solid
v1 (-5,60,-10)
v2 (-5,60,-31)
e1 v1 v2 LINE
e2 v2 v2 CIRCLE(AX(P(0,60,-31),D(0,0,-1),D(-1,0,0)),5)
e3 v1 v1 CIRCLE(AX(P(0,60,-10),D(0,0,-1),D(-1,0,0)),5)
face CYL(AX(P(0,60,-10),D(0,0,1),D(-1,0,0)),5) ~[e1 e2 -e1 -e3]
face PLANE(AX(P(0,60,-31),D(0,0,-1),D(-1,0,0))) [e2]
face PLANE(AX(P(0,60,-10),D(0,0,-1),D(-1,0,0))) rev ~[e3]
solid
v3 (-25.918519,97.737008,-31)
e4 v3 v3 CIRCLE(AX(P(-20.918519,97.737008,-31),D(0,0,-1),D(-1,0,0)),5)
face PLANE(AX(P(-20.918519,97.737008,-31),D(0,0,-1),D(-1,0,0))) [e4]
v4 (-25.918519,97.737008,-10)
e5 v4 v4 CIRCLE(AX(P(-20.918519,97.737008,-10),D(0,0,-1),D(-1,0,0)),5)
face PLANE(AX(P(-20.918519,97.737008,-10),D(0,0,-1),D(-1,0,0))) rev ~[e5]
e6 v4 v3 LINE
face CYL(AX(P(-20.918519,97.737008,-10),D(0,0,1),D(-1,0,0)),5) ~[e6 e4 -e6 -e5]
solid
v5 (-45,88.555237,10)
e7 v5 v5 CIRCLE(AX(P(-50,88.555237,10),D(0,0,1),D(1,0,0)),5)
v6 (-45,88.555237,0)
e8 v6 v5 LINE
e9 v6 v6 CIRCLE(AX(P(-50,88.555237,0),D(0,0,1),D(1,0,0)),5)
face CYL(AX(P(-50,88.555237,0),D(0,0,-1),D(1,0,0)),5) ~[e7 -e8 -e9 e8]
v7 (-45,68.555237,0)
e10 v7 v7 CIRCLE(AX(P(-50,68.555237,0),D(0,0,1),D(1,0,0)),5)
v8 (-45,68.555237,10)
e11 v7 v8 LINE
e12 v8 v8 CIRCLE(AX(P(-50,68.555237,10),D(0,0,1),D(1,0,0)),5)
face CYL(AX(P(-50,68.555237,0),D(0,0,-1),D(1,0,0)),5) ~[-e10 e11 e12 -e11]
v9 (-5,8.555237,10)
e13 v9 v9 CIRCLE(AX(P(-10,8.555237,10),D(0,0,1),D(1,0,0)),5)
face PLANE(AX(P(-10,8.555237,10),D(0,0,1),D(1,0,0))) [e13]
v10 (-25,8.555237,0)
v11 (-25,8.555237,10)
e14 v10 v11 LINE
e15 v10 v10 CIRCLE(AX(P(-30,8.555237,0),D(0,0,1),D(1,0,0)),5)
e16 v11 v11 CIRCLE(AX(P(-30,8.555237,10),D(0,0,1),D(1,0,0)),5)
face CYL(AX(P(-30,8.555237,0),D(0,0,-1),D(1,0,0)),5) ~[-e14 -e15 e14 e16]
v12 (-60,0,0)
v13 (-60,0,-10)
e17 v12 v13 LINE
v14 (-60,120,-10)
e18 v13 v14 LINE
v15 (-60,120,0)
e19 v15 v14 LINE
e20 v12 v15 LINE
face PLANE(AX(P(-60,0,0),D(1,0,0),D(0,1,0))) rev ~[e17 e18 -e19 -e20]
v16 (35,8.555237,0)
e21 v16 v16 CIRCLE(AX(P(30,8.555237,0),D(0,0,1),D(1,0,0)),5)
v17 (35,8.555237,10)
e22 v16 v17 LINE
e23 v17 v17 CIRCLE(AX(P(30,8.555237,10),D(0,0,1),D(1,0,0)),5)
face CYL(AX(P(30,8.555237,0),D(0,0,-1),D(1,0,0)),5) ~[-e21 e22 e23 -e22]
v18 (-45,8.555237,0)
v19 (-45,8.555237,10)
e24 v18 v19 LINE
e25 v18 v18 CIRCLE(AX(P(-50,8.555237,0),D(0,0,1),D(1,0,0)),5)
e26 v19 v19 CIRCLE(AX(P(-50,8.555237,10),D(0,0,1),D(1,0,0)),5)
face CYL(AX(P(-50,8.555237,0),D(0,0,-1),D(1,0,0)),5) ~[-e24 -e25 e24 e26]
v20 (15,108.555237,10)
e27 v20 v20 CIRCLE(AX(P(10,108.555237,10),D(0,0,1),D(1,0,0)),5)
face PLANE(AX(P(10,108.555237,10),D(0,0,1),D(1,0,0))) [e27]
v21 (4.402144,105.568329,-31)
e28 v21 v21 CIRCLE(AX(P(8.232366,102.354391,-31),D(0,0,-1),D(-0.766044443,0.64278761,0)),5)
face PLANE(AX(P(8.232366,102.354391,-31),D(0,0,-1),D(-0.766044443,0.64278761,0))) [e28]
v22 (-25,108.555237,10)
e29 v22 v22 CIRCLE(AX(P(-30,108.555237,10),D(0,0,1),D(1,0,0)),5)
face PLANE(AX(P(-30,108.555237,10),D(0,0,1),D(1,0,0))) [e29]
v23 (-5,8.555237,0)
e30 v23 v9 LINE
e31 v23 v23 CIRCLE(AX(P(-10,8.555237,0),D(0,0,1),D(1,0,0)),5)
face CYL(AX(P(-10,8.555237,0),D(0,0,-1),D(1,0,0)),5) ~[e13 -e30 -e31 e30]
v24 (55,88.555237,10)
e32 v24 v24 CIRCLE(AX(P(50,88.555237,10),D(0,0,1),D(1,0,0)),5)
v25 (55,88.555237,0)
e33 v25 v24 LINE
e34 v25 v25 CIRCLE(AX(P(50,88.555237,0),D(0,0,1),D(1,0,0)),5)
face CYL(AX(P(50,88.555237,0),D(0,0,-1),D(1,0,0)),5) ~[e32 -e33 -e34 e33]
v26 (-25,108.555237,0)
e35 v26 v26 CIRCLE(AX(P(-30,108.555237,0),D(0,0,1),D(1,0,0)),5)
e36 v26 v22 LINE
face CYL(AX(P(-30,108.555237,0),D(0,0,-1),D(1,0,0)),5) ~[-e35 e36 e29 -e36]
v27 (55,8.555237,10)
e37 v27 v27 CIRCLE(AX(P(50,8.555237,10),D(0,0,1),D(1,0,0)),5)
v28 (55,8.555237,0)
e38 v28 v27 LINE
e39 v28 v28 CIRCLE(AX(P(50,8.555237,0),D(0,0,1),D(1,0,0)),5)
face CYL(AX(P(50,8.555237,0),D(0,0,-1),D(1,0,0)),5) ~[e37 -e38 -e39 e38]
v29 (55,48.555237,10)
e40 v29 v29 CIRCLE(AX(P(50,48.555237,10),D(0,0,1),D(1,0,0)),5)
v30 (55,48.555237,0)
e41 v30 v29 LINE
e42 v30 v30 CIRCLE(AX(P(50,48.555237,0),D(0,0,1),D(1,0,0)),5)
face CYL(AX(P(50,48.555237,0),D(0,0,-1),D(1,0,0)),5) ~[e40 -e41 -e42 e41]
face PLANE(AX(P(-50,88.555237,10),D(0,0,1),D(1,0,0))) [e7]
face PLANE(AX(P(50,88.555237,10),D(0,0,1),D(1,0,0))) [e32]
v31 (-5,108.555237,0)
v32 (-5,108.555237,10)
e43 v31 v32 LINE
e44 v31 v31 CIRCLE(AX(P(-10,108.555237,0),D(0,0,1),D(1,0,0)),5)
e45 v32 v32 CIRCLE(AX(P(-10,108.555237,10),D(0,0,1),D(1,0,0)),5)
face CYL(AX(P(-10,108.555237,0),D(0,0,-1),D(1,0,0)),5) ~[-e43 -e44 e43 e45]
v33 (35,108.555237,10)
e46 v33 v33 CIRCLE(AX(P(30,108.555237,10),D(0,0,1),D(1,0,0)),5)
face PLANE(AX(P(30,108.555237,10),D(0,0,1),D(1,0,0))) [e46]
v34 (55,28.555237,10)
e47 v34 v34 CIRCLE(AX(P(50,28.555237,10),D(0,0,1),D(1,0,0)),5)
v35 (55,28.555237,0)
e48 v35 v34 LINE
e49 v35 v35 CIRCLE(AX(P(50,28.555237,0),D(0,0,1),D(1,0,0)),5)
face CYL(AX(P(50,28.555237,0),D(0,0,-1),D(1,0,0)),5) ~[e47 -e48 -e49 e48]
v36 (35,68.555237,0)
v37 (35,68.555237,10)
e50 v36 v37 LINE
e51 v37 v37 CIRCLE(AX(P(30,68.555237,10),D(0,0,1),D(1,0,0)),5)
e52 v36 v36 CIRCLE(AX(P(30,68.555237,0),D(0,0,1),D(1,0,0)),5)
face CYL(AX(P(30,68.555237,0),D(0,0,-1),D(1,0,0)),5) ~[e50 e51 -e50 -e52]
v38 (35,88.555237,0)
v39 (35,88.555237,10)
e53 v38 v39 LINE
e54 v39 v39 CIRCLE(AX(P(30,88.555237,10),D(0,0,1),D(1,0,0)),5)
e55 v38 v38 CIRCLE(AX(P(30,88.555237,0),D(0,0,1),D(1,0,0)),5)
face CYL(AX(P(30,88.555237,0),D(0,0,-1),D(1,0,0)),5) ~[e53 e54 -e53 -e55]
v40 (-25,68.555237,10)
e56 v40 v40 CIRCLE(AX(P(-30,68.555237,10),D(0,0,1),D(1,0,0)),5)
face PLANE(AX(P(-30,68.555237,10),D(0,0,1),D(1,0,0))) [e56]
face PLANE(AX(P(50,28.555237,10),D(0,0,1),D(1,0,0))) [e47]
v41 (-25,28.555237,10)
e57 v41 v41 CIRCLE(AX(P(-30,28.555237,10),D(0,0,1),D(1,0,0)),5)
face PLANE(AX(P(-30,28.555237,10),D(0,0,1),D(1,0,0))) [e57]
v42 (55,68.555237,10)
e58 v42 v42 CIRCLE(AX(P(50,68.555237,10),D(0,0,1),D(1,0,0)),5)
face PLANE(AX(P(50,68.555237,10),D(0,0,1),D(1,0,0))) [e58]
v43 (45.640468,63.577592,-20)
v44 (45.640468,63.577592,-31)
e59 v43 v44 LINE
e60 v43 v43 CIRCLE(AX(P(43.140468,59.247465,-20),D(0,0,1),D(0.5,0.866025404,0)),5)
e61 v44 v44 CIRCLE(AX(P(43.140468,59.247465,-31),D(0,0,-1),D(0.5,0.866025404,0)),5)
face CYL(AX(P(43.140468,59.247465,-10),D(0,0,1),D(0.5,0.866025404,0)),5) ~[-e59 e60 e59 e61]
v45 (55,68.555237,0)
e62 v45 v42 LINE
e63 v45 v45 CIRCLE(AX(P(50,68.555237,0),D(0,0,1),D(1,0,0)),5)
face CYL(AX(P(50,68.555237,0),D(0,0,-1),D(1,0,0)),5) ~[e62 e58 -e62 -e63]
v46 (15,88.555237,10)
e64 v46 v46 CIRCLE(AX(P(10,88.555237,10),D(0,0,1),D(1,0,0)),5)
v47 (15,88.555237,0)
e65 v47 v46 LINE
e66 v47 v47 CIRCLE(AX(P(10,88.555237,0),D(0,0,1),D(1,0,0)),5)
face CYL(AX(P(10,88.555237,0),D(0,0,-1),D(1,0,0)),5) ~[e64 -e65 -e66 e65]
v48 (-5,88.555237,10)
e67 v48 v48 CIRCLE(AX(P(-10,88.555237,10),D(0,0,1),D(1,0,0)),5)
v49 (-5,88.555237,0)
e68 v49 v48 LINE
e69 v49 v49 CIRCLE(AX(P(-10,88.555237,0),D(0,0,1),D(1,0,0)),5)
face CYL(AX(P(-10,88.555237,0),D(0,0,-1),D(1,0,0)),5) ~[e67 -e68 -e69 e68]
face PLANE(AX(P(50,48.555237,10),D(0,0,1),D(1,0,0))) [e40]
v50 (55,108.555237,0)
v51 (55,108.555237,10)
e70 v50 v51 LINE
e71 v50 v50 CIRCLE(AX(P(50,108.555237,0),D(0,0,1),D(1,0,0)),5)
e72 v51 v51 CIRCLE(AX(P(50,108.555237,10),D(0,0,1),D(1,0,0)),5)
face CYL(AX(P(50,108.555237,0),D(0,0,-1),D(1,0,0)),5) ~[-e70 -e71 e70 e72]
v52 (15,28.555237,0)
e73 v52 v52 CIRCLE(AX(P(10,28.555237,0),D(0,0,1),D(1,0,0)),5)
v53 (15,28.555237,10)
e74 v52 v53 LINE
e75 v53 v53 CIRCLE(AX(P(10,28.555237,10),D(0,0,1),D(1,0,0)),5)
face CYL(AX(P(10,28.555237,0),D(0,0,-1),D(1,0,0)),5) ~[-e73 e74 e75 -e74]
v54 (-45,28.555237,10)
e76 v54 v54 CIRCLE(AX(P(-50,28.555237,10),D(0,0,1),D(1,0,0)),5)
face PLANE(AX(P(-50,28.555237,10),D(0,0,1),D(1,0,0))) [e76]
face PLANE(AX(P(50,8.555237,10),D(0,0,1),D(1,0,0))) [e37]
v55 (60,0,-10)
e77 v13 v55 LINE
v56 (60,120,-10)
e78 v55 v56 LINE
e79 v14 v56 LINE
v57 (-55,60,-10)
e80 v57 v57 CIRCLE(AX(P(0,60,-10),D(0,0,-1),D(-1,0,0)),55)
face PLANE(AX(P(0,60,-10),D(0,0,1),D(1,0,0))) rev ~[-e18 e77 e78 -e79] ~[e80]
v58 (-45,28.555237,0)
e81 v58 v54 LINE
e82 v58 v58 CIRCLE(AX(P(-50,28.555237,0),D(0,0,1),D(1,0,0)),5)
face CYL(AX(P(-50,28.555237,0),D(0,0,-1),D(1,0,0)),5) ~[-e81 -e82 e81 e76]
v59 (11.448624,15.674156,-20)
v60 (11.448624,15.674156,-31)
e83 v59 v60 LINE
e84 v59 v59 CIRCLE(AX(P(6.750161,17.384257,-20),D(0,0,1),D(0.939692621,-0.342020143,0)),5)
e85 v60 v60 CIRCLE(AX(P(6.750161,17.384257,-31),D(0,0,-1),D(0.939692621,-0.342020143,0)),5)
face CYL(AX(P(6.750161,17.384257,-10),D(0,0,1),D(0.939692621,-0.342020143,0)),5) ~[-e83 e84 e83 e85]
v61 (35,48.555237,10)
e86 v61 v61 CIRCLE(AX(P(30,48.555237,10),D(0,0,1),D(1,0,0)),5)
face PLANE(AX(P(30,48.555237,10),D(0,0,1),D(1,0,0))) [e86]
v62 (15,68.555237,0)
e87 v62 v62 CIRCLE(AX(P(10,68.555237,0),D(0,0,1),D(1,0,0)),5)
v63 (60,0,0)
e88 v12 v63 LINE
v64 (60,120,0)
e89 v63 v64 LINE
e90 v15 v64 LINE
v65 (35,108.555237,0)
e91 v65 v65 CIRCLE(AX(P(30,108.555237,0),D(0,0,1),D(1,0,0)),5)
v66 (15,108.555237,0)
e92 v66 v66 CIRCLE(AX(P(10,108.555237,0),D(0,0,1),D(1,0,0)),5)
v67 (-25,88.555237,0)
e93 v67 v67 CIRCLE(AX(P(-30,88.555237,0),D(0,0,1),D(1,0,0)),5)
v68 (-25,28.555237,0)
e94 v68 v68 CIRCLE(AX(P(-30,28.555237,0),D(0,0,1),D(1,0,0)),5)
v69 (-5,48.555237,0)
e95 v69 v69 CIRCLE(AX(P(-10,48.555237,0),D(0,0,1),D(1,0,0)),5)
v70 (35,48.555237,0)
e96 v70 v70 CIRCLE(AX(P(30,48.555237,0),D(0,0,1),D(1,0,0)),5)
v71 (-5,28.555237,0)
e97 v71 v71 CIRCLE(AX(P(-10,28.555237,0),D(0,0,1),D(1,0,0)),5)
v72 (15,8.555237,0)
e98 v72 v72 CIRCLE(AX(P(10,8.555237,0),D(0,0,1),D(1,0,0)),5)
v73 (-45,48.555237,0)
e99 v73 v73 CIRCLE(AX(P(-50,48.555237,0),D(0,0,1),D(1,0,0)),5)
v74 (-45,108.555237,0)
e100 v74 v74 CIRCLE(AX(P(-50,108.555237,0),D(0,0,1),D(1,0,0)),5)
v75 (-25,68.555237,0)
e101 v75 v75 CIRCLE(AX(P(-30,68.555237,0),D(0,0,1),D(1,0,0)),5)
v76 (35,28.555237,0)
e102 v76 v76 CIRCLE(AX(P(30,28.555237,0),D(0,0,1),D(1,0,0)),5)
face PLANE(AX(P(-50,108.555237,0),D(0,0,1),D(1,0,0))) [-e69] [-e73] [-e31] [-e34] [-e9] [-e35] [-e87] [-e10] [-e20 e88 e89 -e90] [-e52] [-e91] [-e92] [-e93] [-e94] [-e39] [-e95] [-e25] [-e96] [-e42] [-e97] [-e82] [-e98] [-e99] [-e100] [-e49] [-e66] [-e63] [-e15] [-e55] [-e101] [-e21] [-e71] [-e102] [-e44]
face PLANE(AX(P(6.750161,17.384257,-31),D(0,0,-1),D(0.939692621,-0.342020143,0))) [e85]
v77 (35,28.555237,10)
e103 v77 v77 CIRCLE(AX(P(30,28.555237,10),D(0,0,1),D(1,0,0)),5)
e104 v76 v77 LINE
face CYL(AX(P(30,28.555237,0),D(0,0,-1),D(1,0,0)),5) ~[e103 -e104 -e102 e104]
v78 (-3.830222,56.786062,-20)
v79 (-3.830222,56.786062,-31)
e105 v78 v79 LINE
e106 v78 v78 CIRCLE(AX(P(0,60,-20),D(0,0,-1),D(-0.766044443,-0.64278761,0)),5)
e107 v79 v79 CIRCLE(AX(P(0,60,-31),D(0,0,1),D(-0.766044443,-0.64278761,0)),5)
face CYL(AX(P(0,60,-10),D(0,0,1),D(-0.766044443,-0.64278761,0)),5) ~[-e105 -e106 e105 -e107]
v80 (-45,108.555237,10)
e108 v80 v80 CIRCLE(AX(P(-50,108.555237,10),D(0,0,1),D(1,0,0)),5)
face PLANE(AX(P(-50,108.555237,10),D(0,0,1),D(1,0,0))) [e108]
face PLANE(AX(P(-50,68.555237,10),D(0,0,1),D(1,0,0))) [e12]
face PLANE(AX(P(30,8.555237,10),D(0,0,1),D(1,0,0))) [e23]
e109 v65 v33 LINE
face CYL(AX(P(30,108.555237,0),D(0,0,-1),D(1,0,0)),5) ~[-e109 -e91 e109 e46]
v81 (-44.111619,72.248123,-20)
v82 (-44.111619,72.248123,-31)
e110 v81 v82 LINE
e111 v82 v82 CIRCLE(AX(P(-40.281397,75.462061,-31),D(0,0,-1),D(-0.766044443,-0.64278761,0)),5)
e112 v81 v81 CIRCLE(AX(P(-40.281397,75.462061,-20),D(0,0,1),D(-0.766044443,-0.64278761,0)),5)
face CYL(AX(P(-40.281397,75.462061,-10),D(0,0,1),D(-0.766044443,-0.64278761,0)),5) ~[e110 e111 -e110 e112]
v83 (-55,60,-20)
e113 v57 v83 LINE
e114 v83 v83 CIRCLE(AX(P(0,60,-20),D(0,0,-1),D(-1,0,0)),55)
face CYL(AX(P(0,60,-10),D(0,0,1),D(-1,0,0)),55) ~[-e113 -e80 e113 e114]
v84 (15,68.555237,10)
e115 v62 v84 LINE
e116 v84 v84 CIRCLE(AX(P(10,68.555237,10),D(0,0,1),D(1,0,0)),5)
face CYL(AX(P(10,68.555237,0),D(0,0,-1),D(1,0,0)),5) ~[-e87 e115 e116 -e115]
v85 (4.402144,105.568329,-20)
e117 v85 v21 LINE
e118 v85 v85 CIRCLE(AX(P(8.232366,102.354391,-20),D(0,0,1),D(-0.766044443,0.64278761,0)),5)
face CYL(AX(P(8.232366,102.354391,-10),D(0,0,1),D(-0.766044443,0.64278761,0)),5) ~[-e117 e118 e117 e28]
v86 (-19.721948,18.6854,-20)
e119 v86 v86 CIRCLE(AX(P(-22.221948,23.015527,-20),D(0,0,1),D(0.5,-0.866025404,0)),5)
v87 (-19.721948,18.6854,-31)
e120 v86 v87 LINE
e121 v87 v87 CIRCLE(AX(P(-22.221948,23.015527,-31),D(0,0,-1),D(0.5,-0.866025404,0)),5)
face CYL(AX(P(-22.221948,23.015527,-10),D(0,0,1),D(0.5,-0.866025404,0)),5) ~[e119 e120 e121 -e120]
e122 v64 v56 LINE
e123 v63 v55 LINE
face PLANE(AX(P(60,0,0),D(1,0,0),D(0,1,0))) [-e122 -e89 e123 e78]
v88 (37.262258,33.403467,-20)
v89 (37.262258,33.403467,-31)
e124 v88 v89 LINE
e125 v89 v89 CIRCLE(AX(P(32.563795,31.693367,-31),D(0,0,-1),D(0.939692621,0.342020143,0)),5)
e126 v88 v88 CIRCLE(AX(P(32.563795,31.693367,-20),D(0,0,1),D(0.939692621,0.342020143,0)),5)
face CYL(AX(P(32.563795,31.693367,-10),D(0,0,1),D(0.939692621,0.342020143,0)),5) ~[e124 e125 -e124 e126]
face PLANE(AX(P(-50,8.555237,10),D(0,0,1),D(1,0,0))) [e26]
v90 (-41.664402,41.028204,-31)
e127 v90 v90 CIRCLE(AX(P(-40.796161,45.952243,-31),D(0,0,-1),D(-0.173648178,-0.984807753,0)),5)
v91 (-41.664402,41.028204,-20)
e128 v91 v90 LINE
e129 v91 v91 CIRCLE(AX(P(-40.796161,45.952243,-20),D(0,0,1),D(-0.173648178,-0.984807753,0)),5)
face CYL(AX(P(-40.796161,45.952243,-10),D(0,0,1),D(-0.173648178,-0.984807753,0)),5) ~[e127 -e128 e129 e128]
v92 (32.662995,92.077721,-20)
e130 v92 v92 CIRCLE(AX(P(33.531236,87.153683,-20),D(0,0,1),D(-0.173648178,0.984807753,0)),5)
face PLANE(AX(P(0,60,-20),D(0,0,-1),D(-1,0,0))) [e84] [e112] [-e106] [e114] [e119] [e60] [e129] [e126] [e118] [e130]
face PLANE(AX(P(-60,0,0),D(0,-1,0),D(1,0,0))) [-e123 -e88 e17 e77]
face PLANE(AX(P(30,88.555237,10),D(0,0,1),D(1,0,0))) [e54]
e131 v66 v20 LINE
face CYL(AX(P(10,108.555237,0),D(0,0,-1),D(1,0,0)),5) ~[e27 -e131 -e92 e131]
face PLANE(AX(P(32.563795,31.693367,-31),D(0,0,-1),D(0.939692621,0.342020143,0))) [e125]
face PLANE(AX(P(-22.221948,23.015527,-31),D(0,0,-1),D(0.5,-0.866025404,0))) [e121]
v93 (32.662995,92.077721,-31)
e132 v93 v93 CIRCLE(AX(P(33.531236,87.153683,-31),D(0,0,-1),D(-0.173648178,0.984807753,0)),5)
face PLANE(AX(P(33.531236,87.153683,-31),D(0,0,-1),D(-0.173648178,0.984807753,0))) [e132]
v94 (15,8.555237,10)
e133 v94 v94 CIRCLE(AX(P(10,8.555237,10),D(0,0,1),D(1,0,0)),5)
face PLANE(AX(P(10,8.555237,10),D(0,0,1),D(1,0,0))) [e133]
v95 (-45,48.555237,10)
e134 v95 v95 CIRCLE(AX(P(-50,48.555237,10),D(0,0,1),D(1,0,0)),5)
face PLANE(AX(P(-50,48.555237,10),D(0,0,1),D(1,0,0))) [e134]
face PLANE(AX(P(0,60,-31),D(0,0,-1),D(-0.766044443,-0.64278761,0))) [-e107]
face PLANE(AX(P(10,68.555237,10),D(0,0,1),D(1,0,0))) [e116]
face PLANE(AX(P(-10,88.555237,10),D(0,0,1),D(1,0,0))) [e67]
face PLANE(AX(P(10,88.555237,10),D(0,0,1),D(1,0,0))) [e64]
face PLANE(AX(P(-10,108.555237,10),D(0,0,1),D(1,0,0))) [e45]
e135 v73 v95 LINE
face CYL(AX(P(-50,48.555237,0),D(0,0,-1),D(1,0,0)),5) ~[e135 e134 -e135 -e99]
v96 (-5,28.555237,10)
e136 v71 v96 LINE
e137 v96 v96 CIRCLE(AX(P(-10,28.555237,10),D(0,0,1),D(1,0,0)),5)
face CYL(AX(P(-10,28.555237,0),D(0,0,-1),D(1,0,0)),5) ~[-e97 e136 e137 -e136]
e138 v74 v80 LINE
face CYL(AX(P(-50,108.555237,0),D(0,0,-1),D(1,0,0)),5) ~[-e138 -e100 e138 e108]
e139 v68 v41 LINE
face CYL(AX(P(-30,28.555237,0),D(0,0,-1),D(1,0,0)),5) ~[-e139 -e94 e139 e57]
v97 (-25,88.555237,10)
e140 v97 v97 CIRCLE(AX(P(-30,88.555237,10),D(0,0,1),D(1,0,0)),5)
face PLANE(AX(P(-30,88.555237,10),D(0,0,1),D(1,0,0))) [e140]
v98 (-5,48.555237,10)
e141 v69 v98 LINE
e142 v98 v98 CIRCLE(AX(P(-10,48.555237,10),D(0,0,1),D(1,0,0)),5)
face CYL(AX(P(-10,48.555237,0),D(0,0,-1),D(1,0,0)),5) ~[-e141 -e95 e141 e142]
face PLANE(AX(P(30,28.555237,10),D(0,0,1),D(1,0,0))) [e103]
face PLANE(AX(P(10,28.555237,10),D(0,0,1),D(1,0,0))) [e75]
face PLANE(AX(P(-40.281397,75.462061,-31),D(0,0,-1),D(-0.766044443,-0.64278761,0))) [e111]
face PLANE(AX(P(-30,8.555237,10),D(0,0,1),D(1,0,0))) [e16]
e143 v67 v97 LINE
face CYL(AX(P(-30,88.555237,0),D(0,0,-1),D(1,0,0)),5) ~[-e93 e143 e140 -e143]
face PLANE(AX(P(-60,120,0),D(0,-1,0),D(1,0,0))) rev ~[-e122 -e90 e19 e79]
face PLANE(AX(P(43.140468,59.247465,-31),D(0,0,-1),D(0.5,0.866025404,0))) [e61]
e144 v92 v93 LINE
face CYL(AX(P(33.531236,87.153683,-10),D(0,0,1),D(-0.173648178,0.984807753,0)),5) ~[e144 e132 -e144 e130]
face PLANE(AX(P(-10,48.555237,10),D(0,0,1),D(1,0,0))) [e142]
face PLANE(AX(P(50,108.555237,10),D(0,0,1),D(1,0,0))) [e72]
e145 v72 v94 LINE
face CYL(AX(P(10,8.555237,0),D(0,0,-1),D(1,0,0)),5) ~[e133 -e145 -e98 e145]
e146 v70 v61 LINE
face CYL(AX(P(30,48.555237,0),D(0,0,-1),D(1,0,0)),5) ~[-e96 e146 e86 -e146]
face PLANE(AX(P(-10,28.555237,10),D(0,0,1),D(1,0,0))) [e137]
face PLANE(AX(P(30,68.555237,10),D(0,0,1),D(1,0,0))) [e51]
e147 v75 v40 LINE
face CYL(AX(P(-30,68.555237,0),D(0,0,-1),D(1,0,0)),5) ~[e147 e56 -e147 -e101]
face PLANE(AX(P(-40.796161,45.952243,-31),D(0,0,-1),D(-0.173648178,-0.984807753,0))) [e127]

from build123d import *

# Parameters (mm, degrees)
SKETCH1_W             = 120
SKETCH1_H             = 120
SKETCH1_R             = 5
BOSS_EXTRUDE1_DEPTH   = 10
SKETCH1_3_R           = 5
BOSS_EXTRUDE2_DEPTH   = 10
LPATTERN2_COUNT       = 6
LPATTERN2_PITCH       = 20
LPATTERN2_COUNT_DIR2  = 9
LPATTERN2_PITCH_DIR2  = 20
SKETCH3_R             = 55
SKETCH3_R_2           = 5
BOSS_EXTRUDE3_DEPTH   = 10
SKETCH3_3_R           = 5
BOSS_EXTRUDE4_DEPTH   = 21
BOSS_EXTRUDE4_2_DEPTH = 21
CIRPATTERN1_COUNT     = 9


with BuildPart() as part:
    # Sketch1 → Boss-Extrude1 (new body)
    # profile 1 of 2: a face of its own
    with BuildSketch(Plane.XY):
        with Locations((0, 60)):
            Rectangle(SKETCH1_W, SKETCH1_H)
        with Locations((-50, 108.555236637)):
            Circle(SKETCH1_R, mode=Mode.SUBTRACT)
    # profile 2 of 2: a face of its own
    with BuildSketch(Plane.XY):
        with Locations((-50, 108.555236637)):
            Circle(SKETCH1_R)
    extrude(amount=-BOSS_EXTRUDE1_DEPTH)

    # Sketch1<3> → Boss-Extrude2 (add)
    with BuildSketch(Plane.XY):
        with Locations((-50, 108.555236637)):
            Circle(SKETCH1_3_R)
    boss_extrude2 = extrude(amount=BOSS_EXTRUDE2_DEPTH)

    # LPattern2: Boss-Extrude2 6 × 9, 21 skipped
    with Locations(*[(i * LPATTERN2_PITCH, -j * LPATTERN2_PITCH_DIR2, 0) for i in range(LPATTERN2_COUNT) for j in range(LPATTERN2_COUNT_DIR2) if (i, j) not in ((0, 0), (0, 6), (0, 7), (0, 8), (1, 3), (1, 6), (1, 7), (1, 8), (2, 2), (2, 6), (2, 7), (2, 8), (3, 3), (3, 6), (3, 7), (3, 8), (4, 6), (4, 7), (4, 8), (5, 6), (5, 7), (5, 8))]):
        add(boss_extrude2)

    # Sketch3 → Boss-Extrude3 (add)
    # profile 1 of 3: a face of its own
    with BuildSketch(Plane(origin=(0, 0, -10), x_dir=(-1, 0, 0), z_dir=(0, 0, -1))):
        with Locations((0, 60)):
            Circle(SKETCH3_R)
        with Locations((20.9185191, 97.737008456)):
            Circle(SKETCH3_R_2, mode=Mode.SUBTRACT)
        with Locations((0, 60)):
            Circle(SKETCH3_R_2, mode=Mode.SUBTRACT)
    # profile 2 of 3: a face of its own
    with BuildSketch(Plane(origin=(0, 0, -10), x_dir=(-1, 0, 0), z_dir=(0, 0, -1))):
        with Locations((20.9185191, 97.737008456)):
            Circle(SKETCH3_R_2)
    # profile 3 of 3: a face of its own
    with BuildSketch(Plane(origin=(0, 0, -10), x_dir=(-1, 0, 0), z_dir=(0, 0, -1))):
        with Locations((0, 60)):
            Circle(SKETCH3_R_2)
    extrude(amount=BOSS_EXTRUDE3_DEPTH)


with BuildPart() as body_2:
    # Sketch3<3> → Boss-Extrude4 (new body)
    with BuildSketch(Plane(origin=(0, 0, -10), x_dir=(-1, 0, 0), z_dir=(0, 0, -1))):
        with Locations((20.9185191, 97.737008456)):
            Circle(SKETCH3_3_R)
    boss_extrude4 = extrude(amount=BOSS_EXTRUDE4_DEPTH)


with BuildPart() as body_3:
    # Sketch3<3> → Boss-Extrude4 2 (new body)
    with BuildSketch(Plane(origin=(0, 0, -10), x_dir=(-1, 0, 0), z_dir=(0, 0, -1))):
        with Locations((0, 60)):
            Circle(SKETCH3_3_R)
    boss_extrude4_2 = extrude(amount=BOSS_EXTRUDE4_2_DEPTH)


with BuildPart() as part_1:
    add(part.part)

    # CirPattern1: Boss-Extrude4, Boss-Extrude4 2 ×9 about axis
    cirpattern1_axis = Axis((0, 60, 0), (0, 0, 1))
    add([boss_extrude4.rotate(cirpattern1_axis, i * 360 / CIRPATTERN1_COUNT) for i in range(1, CIRPATTERN1_COUNT)])
    add([boss_extrude4_2.rotate(cirpattern1_axis, i * 360 / CIRPATTERN1_COUNT) for i in range(1, CIRPATTERN1_COUNT)])


solid = Compound([body_2.part, body_3.part, part_1.part])
